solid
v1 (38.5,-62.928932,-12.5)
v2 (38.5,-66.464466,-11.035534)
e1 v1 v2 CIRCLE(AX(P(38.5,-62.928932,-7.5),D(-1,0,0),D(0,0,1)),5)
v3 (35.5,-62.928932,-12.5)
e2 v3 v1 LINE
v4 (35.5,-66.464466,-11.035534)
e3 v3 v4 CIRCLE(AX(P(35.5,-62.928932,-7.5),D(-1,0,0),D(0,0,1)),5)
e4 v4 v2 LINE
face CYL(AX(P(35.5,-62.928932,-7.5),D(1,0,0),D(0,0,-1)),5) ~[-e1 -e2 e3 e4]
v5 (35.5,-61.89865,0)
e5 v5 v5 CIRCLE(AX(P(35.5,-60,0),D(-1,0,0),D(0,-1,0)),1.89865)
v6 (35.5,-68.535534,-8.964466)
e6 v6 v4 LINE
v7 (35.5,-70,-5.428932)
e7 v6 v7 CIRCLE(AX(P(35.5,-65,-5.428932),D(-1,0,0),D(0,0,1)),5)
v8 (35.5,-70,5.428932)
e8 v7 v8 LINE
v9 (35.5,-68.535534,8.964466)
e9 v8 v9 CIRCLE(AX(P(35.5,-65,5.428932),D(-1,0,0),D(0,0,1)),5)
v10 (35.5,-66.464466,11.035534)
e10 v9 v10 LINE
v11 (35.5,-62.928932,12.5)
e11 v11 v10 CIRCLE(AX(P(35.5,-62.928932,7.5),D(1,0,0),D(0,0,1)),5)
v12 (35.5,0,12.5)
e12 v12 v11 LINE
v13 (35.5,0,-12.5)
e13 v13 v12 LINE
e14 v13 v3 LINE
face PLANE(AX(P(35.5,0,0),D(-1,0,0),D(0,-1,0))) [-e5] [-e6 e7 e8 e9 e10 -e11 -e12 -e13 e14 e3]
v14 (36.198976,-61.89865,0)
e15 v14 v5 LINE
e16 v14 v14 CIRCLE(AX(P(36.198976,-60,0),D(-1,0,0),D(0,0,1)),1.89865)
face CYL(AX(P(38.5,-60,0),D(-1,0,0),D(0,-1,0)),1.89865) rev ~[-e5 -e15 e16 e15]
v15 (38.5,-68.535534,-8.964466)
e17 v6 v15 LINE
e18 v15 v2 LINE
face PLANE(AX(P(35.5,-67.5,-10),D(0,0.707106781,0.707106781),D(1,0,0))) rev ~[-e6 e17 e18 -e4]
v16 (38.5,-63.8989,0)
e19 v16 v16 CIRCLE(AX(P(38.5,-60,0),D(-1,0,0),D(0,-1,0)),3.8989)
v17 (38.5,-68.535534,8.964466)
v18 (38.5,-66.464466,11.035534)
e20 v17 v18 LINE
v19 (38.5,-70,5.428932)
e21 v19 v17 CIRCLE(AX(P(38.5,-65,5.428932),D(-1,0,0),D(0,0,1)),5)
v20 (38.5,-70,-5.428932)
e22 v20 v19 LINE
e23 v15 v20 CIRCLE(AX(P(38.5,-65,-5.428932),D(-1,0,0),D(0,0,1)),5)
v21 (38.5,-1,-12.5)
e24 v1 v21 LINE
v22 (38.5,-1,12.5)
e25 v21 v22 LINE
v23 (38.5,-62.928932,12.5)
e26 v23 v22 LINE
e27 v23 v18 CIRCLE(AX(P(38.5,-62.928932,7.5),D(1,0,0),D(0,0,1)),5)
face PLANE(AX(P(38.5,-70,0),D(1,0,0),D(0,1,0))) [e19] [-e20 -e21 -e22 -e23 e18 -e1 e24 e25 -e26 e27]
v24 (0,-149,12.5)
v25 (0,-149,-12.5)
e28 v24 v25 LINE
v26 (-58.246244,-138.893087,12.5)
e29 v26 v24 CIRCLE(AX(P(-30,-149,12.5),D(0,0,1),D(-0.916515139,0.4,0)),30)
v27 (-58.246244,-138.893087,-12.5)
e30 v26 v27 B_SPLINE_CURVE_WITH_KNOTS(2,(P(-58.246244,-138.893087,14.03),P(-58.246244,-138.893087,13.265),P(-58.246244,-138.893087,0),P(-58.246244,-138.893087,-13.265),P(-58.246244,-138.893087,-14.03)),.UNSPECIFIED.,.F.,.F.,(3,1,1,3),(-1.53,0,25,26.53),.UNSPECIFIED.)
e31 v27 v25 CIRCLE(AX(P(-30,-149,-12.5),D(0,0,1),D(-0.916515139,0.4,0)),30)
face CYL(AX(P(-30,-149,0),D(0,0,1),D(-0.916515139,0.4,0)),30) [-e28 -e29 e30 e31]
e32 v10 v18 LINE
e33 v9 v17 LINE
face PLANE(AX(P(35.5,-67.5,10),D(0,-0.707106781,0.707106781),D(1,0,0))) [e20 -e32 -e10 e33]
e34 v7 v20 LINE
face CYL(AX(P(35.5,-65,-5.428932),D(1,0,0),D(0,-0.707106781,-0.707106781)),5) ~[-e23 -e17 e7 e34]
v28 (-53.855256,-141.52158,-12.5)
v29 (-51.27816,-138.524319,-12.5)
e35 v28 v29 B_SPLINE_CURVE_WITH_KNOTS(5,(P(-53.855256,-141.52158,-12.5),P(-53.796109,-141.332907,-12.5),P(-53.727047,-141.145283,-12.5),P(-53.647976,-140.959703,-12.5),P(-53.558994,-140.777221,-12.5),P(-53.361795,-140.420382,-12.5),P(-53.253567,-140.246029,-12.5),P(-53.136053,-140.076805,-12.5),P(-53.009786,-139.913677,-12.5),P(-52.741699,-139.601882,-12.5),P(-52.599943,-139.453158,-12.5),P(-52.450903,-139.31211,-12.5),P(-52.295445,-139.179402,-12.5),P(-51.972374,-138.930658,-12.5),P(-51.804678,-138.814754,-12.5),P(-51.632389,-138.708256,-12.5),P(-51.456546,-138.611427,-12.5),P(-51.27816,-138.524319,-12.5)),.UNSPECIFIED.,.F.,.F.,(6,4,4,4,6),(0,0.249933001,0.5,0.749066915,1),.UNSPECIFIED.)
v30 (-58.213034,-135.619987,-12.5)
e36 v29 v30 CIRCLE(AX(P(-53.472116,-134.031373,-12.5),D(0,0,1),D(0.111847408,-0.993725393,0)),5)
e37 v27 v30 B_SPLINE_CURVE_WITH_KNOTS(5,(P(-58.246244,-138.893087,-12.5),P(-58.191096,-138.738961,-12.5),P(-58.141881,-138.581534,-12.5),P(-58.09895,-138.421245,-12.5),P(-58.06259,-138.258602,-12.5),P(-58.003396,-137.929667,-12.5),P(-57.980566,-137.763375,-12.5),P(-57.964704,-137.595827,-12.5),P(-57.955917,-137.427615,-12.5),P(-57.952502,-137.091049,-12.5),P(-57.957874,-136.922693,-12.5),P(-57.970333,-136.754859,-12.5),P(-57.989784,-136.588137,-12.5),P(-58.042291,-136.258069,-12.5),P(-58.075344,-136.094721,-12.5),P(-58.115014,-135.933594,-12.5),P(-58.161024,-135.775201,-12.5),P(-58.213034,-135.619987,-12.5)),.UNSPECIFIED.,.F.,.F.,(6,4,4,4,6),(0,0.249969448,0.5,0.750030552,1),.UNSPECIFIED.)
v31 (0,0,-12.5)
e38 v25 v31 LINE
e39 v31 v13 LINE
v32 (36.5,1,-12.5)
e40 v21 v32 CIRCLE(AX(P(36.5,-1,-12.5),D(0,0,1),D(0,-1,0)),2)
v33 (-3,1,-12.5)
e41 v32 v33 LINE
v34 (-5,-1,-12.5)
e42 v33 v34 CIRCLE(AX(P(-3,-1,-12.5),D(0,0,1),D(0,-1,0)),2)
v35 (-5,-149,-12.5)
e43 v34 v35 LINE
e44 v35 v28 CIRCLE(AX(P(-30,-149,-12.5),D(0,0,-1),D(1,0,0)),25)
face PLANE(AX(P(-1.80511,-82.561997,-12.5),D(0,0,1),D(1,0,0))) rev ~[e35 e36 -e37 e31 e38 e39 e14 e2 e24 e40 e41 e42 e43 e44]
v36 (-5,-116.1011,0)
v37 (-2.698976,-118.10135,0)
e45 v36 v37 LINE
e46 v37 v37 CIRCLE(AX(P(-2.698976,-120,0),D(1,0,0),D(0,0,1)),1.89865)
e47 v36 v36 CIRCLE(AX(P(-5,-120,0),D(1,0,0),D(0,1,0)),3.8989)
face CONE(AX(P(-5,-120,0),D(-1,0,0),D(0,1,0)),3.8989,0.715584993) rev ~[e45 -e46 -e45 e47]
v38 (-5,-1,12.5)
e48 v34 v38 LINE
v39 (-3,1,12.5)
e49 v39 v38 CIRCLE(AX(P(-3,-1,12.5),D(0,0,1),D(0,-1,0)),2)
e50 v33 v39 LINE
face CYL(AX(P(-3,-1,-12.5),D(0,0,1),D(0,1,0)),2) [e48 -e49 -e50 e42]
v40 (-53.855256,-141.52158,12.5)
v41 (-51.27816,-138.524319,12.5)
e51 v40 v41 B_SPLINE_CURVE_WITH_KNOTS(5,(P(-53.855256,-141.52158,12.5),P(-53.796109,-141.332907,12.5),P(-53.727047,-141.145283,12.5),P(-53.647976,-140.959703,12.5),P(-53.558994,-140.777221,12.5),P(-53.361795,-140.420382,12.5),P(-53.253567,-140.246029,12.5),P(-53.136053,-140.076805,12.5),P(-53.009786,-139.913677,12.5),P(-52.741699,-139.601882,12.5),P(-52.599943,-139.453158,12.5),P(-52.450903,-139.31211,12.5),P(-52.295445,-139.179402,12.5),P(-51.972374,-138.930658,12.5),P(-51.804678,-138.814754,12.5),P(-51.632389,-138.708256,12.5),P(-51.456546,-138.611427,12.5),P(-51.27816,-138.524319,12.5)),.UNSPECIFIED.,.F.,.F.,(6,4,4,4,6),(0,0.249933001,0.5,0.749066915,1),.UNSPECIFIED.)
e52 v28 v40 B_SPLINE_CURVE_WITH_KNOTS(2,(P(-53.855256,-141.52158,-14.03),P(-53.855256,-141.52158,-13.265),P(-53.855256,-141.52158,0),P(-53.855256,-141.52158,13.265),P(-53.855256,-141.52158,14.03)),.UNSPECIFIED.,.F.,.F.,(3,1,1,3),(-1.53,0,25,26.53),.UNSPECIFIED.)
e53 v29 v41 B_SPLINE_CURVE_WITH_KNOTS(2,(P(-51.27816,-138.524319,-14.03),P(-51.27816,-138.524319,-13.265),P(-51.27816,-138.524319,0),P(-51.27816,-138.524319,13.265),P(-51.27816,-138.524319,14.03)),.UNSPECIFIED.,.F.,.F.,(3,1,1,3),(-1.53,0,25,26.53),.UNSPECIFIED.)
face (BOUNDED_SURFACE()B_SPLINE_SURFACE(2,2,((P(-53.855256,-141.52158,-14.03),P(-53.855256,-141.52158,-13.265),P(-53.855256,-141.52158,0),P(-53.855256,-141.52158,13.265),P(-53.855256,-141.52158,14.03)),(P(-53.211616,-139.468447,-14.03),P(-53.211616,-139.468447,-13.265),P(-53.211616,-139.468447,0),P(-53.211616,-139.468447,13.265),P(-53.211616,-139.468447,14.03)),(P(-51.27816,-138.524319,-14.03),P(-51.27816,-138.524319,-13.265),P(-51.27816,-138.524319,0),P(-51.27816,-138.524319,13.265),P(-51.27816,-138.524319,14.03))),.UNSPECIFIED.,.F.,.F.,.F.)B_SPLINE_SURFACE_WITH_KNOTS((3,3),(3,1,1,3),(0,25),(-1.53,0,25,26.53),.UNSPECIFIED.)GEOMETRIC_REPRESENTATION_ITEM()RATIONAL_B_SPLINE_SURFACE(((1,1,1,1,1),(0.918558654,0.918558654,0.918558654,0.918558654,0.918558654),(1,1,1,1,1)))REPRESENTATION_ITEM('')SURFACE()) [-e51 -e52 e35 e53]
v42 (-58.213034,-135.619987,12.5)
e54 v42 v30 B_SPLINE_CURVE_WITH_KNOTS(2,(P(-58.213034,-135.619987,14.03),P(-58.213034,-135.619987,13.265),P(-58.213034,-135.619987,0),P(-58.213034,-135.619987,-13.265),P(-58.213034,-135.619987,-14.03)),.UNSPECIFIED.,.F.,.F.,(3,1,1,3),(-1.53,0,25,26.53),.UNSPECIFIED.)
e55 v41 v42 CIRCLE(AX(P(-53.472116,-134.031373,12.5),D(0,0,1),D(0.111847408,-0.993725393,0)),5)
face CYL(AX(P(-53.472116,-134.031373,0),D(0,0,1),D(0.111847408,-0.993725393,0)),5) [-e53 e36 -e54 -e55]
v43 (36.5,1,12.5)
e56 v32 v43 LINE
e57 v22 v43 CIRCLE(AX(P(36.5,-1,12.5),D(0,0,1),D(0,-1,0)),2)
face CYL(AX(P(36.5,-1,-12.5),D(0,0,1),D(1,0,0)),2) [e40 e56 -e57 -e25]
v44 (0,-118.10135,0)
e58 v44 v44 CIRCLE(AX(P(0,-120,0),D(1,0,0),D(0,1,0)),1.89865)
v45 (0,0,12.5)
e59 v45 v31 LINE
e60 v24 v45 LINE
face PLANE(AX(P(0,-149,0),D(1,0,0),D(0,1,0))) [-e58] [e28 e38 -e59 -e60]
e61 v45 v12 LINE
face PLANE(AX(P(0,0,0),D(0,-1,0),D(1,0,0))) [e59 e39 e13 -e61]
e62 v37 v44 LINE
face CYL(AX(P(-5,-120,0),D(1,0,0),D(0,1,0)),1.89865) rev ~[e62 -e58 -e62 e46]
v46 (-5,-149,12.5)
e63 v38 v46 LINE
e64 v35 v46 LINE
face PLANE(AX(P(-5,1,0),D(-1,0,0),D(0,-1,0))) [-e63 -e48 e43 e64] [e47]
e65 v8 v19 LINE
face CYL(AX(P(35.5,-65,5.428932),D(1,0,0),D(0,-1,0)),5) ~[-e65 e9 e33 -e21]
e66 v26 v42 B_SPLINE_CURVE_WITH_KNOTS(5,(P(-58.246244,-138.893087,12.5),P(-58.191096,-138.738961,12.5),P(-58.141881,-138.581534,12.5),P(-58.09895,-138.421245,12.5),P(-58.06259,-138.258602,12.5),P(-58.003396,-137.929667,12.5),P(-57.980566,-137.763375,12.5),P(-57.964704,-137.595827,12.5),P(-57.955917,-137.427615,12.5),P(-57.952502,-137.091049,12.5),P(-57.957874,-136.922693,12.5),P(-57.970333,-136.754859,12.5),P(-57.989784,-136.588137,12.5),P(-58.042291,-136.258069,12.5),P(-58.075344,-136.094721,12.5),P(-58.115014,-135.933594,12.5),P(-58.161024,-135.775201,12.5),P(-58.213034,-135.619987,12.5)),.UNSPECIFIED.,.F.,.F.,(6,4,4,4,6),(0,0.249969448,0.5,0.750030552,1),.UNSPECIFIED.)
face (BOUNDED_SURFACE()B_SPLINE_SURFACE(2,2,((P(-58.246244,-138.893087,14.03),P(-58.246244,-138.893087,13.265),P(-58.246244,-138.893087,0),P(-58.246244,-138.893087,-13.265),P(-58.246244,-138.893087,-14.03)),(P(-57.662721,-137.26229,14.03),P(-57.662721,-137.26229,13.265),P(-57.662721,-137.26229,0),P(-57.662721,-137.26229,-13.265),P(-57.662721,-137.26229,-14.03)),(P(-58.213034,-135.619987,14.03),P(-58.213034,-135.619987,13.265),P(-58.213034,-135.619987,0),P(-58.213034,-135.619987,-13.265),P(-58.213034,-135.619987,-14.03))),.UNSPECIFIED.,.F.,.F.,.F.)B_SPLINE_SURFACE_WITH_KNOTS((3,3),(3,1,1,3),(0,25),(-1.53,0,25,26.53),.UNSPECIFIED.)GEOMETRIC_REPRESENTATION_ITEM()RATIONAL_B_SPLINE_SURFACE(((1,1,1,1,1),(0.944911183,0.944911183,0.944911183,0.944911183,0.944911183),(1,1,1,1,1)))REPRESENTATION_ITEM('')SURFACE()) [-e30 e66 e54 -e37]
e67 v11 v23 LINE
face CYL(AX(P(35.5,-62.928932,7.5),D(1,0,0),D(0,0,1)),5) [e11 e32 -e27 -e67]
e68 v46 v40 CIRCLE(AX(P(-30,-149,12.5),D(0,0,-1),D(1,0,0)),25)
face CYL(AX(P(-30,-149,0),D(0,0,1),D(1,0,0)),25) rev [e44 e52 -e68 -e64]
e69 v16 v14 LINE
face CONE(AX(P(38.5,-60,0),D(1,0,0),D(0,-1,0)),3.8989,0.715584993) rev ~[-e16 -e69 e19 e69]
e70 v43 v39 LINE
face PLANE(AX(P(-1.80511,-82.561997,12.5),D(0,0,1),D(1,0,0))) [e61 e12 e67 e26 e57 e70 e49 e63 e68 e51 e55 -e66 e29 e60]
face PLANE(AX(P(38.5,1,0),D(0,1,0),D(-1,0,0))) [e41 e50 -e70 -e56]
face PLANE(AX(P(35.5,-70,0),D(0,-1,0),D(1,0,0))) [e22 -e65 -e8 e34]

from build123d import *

# Parameters (mm, degrees)
F1_DEPTH             = 12.5
F2_SIZE              = 5
F3_R                 = 2
F4_R                 = 5
F6_R                 = 5
F8_D                 = 3.7973
F8_DEPTH             = 12.62
F8_CSINK_D           = 7.7978
F8_CSINK_ANGLE       = 82
F8_TIP               = 1.1408240143
F8_ON_F7_D           = 3.7973
F8_ON_F7_DEPTH       = 12.62
F8_ON_F7_CSINK_D     = 7.7978
F8_ON_F7_CSINK_ANGLE = 82
F8_ON_F7_TIP         = 1.1408240143


with BuildPart() as f1:
    # F0 (on Top) → F1 (new body, symmetric)
    with BuildSketch(Plane.XY):
        with BuildLine():
            Line((0, 0), (35.5, 0))
            Line((35.5, 0), (35.5, -70))
            Line((35.5, -70), (38.5, -70))
            Line((38.5, -70), (38.5, 1))
            Line((38.5, 1), (-5, 1))
            Line((-5, 1), (-5, -149))
            ThreePointArc((-5, -149), (-35.1077410922, -173.4726578233), (-52.9128784748, -139))
            ThreePointArc((-52.9128784748, -139), (-51.4721155147, -129.4487973384), (-57.4954541697, -137))
            ThreePointArc((-57.4954541697, -137), (-36.1292893107, -178.3671893879), (0, -149))
            Line((0, -149), (0, 0))
        make_face()
    extrude(amount=F1_DEPTH, both=True)

    # F2
    f2_edges = [f1.edges().sort_by_distance(p)[0] for p in [
        (37, -70, 12.5),
        (37, -70, -12.5),
    ]]
    chamfer(f2_edges, length=F2_SIZE)

    # F3
    f3_edges = [f1.edges().sort_by_distance(p)[0] for p in [
        (-5, 1, 0),
        (38.5, 1, 0),
    ]]
    fillet(f3_edges, radius=F3_R)

    # F4
    f4_edges = [f1.edges().sort_by_distance(p)[0] for p in [
        (37, -65, 12.5),
        (37, -70, 7.5),
        (37, -65, -12.5),
        (37, -70, -7.5),
    ]]
    fillet(f4_edges, radius=F4_R)

    # F6
    f6_edges = [f1.edges().sort_by_distance(p)[0] for p in [
        (-57.495454, -137, 0),
        (-52.912878, -139, 0),
    ]]
    fillet(f6_edges, radius=F6_R)

    # F8
    with Locations(Plane(origin=(-5, 0, 0), x_dir=(0, -1, 0), z_dir=(-1, 0, 0))):
        with Locations((120, 0)):
            CounterSinkHole(F8_D / 2, F8_CSINK_D / 2, depth=F8_DEPTH, counter_sink_angle=F8_CSINK_ANGLE)
            with Locations((0, 0, -(F8_DEPTH + F8_TIP / 2))):  # 118° drill point
                Cone(0, F8_D / 2, F8_TIP, mode=Mode.SUBTRACT)

    # F8 on F7
    with Locations(Plane.YZ.offset(38.5)):
        with Locations((-60, 0)):
            CounterSinkHole(F8_ON_F7_D / 2, F8_ON_F7_CSINK_D / 2, depth=F8_ON_F7_DEPTH, counter_sink_angle=F8_ON_F7_CSINK_ANGLE)
            with Locations((0, 0, -(F8_ON_F7_DEPTH + F8_ON_F7_TIP / 2))):  # 118° drill point
                Cone(0, F8_ON_F7_D / 2, F8_ON_F7_TIP, mode=Mode.SUBTRACT)


solid = f1.part
